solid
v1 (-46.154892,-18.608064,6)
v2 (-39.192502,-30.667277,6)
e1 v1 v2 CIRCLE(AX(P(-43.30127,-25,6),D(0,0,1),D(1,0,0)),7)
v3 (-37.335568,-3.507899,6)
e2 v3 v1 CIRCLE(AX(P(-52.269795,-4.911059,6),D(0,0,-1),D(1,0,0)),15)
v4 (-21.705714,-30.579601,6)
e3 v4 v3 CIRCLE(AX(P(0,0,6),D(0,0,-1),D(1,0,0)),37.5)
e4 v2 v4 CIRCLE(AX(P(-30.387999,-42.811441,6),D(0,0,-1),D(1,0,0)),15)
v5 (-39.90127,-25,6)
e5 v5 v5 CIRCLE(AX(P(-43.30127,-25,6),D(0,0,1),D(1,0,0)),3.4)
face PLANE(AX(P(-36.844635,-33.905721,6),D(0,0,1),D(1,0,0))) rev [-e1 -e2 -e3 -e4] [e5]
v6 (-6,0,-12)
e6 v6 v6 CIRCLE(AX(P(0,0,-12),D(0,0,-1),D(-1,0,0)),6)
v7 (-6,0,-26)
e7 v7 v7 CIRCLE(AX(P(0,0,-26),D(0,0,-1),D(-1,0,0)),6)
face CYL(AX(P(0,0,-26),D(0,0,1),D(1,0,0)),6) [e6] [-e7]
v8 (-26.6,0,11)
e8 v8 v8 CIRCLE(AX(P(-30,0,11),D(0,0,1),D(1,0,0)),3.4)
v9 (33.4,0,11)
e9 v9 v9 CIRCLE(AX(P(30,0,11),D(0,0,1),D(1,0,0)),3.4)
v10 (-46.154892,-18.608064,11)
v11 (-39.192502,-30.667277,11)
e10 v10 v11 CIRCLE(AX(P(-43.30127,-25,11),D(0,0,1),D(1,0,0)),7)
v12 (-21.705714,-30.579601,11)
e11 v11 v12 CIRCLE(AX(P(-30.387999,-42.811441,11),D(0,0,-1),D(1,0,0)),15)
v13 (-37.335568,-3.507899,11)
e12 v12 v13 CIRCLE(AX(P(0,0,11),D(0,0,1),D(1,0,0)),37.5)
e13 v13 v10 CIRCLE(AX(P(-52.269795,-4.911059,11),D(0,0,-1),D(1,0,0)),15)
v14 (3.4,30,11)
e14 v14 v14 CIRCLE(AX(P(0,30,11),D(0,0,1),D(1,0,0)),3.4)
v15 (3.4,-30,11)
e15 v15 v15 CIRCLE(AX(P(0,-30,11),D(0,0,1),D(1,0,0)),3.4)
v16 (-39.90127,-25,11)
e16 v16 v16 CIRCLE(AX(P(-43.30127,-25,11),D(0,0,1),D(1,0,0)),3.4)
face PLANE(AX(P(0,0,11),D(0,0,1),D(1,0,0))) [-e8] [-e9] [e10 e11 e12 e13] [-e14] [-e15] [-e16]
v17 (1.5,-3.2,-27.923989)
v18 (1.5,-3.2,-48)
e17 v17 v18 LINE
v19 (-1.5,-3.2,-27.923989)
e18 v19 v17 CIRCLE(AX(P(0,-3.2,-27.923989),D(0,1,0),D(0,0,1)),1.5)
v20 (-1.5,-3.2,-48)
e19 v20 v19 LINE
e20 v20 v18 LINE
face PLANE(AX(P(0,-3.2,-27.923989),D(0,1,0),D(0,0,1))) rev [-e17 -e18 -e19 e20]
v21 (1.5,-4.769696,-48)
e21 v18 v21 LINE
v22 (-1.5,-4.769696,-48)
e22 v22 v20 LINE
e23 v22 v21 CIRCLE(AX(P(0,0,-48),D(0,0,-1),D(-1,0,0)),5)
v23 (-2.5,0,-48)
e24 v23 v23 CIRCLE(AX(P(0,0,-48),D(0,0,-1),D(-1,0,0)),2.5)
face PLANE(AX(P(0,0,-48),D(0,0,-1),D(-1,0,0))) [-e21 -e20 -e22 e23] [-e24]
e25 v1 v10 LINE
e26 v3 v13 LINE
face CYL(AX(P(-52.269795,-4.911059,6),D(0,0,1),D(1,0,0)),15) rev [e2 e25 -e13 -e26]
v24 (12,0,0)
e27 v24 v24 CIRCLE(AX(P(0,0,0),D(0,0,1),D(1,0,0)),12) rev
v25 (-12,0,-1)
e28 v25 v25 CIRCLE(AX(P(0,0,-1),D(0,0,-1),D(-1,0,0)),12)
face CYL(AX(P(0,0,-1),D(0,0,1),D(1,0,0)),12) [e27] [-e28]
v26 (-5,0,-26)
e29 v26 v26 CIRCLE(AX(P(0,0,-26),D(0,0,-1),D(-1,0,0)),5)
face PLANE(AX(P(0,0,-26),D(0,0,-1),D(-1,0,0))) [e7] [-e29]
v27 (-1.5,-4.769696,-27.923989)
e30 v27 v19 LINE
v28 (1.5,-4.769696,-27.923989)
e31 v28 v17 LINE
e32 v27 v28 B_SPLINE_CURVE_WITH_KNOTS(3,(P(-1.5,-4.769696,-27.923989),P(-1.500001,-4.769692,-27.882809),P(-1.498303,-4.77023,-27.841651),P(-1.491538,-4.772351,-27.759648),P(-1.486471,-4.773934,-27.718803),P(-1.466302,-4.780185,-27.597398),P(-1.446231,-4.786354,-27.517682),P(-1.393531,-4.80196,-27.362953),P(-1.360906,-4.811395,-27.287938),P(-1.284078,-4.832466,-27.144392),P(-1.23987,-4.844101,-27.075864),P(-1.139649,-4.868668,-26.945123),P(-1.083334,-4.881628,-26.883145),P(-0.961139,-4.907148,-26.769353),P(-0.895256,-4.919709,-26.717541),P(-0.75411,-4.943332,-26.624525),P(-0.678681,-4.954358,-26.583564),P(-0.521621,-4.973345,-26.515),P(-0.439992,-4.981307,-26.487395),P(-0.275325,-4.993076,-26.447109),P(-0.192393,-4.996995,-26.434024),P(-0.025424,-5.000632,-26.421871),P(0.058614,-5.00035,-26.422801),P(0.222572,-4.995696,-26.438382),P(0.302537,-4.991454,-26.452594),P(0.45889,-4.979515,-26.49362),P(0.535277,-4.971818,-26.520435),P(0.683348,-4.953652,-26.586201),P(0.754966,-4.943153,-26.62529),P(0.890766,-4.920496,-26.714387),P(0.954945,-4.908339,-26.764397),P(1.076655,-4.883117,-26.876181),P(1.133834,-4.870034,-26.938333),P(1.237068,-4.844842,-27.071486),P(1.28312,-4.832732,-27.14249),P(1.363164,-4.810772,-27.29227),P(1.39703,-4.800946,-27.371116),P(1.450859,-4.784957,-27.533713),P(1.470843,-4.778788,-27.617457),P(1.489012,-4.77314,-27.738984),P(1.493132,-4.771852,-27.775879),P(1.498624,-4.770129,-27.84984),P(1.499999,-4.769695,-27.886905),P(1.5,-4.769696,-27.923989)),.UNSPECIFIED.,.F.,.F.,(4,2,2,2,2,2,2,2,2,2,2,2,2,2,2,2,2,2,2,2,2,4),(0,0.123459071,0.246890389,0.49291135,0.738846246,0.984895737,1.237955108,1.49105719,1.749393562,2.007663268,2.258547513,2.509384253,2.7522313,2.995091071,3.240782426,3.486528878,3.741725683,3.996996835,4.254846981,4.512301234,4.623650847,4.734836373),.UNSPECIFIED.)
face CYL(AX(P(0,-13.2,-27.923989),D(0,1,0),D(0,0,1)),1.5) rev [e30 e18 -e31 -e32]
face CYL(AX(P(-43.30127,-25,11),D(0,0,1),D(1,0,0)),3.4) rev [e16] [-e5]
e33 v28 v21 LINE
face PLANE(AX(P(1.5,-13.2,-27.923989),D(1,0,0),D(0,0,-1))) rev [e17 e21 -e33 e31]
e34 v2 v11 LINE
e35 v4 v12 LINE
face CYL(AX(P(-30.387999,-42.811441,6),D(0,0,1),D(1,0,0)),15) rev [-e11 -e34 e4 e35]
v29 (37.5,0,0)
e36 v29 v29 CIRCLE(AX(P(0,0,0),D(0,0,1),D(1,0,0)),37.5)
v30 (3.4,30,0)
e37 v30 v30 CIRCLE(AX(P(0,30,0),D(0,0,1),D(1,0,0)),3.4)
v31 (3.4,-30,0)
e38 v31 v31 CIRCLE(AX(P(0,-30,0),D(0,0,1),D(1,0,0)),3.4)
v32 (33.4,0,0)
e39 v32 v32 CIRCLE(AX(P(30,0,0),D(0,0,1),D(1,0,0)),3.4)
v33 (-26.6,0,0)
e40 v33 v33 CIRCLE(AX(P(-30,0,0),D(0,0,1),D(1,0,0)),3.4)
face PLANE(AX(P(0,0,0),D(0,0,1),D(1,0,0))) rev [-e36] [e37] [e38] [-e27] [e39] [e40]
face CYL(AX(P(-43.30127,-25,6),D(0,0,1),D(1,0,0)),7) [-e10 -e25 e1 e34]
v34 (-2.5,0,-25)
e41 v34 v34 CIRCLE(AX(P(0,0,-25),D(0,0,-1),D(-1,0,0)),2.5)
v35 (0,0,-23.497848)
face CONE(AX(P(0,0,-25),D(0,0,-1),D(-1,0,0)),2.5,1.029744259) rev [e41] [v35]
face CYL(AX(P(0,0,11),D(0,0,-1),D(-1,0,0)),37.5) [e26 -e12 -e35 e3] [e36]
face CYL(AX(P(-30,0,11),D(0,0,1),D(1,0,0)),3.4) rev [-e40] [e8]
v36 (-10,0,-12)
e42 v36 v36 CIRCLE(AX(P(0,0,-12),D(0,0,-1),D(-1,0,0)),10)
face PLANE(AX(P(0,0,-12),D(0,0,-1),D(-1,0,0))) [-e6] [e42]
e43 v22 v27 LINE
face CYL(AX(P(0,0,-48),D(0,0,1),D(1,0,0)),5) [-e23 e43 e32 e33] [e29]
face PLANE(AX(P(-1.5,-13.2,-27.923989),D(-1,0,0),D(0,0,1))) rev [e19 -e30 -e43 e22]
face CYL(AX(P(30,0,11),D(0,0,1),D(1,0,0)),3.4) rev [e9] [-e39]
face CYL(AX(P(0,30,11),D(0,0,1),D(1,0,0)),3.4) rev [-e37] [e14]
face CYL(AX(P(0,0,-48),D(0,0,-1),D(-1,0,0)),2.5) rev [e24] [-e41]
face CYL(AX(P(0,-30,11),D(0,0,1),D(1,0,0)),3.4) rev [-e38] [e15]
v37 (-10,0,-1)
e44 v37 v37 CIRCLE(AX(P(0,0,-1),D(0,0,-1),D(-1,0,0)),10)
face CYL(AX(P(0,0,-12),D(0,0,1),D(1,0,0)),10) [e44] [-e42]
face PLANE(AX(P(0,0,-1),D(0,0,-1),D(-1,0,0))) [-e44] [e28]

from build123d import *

# Parameters (mm, degrees)
SKETCH1_R                                     = 37.5
BOSS_EXTRUDE1_DEPTH                           = 11
TAP_DRILL_FOR_M8_TAP1_D                       = 6.8
TAP_DRILL_FOR_M8_TAP1_DEPTH                   = 23
TAP_DRILL_FOR_M8_TAP1_TIP                     = 2.042926105
SKETCH6_R                                     = 12
BOSS_EXTRU_1_DEPTH                            = 1
SKETCH5_R                                     = 10
BOSS_EXTRU_2_DEPTH                            = 11
ESQUISSE1_R                                   = 6
BOSS_EXTRU_3_DEPTH                            = 14
ESQUISSE4_R                                   = 5
BOSS_EXTRU_4_DEPTH                            = 22
TROU_POUR_TARAUDAGE_POUR_TROU_TARAUD_M6_D     = 5
TROU_POUR_TARAUDAGE_POUR_TROU_TARAUD_M6_DEPTH = 23
TROU_POUR_TARAUDAGE_POUR_TROU_TARAUD_M6_TIP   = 1.502151548
ENL_V_START                                   = -3.2
ENL_V_MAT_EXTRU_1_DEPTH                       = 10
BOSS_EXTRU_5_DEPTH                            = 5
TROU_POUR_TARAUDAGE_POUR_TROU_TARAUD_M8_D     = 6.8
TROU_POUR_TARAUDAGE_POUR_TROU_TARAUD_M8_DEPTH = 8
TROU_POUR_TARAUDAGE_POUR_TROU_TARAUD_M8_TIP   = 2.042926105


with BuildPart() as part:
    # Sketch1 → Boss-Extrude1 (new body)
    with BuildSketch(Plane.XY):
        Circle(SKETCH1_R)
    extrude(amount=BOSS_EXTRUDE1_DEPTH)

    # Tap Drill for M8 Tap1
    with Locations(Plane.XY.offset(11)):
        with Locations((-30, 0), (0, 30), (30, 0), (0, -30)):
            Hole(TAP_DRILL_FOR_M8_TAP1_D / 2, depth=TAP_DRILL_FOR_M8_TAP1_DEPTH)
            with Locations((0, 0, -(TAP_DRILL_FOR_M8_TAP1_DEPTH + TAP_DRILL_FOR_M8_TAP1_TIP / 2))):  # 118° drill point
                Cone(0, TAP_DRILL_FOR_M8_TAP1_D / 2, TAP_DRILL_FOR_M8_TAP1_TIP, mode=Mode.SUBTRACT)

    # Sketch6 → Boss.-Extru.1 (add)
    with BuildSketch(Plane(origin=(0, 0, 0), x_dir=(-1, 0, 0), z_dir=(0, 0, -1))):
        Circle(SKETCH6_R)
    extrude(amount=BOSS_EXTRU_1_DEPTH)

    # Sketch5 → Boss.-Extru.2 (add)
    with BuildSketch(Plane(origin=(0, 0, -1), x_dir=(-1, 0, 0), z_dir=(0, 0, -1))):
        Circle(SKETCH5_R)
    extrude(amount=BOSS_EXTRU_2_DEPTH)

    # Esquisse1 → Boss.-Extru.3 (add)
    with BuildSketch(Plane(origin=(0, 0, -12), x_dir=(-1, 0, 0), z_dir=(0, 0, -1))):
        Circle(ESQUISSE1_R)
    extrude(amount=BOSS_EXTRU_3_DEPTH)

    # Esquisse4 → Boss.-Extru.4 (add)
    with BuildSketch(Plane(origin=(0, 0, -26), x_dir=(-1, 0, 0), z_dir=(0, 0, -1))):
        Circle(ESQUISSE4_R)
    extrude(amount=BOSS_EXTRU_4_DEPTH)

    # Trou pour taraudage pour trou taraudé M61
    with Locations(Plane(origin=(0, 0, -48), x_dir=(-1, 0, 0), z_dir=(0, 0, -1))):
        with Locations((0, 0)):
            Hole(TROU_POUR_TARAUDAGE_POUR_TROU_TARAUD_M6_D / 2, depth=TROU_POUR_TARAUDAGE_POUR_TROU_TARAUD_M6_DEPTH)
            with Locations((0, 0, -(TROU_POUR_TARAUDAGE_POUR_TROU_TARAUD_M6_DEPTH + TROU_POUR_TARAUDAGE_POUR_TROU_TARAUD_M6_TIP / 2))):  # 118° drill point
                Cone(0, TROU_POUR_TARAUDAGE_POUR_TROU_TARAUD_M6_D / 2, TROU_POUR_TARAUDAGE_POUR_TROU_TARAUD_M6_TIP, mode=Mode.SUBTRACT)

    # Esquisse5 → Enlèv. mat.-Extru.1 (cut)
    with BuildSketch(Plane(origin=(0, 0, 0), x_dir=(1, 0, 0), z_dir=(0, 1, 0)).offset(ENL_V_START)):
        with BuildLine():
            Line((-1.5, 27.923988696), (-1.5, 48))
            ThreePointArc((-1.5, 48), (0, 49.5), (1.5, 48))
            Line((1.5, 48), (1.5, 27.923988696))
            ThreePointArc((1.5, 27.923988696), (0, 26.423988696), (-1.5, 27.923988696))
        make_face()
    extrude(amount=-ENL_V_MAT_EXTRU_1_DEPTH, mode=Mode.SUBTRACT)

    # Esquisse6 → Boss.-Extru.5 (add)
    with BuildSketch(Plane.XY.offset(11)):
        with BuildLine():
            ThreePointArc((-46.154891817, -18.608064174), (-49.363448016, -28.5), (-39.192502198, -30.667276735))
            ThreePointArc((-39.192502198, -30.667276735), (-30.463205965, -27.811629704), (-21.705713829, -30.579600834))
            ThreePointArc((-21.705713829, -30.579600834), (-32.475952642, -18.75), (-37.335568074, -3.507899166))
            ThreePointArc((-37.335568074, -3.507899166), (-39.317180827, -12.476095394), (-46.154891817, -18.608064174))
        make_face()
    extrude(amount=-BOSS_EXTRU_5_DEPTH)

    # Trou pour taraudage pour trou taraudé M81
    with Locations(Plane.XY.offset(11)):
        with Locations((-43.301270189, -25)):
            Hole(TROU_POUR_TARAUDAGE_POUR_TROU_TARAUD_M8_D / 2, depth=TROU_POUR_TARAUDAGE_POUR_TROU_TARAUD_M8_DEPTH)
            with Locations((0, 0, -(TROU_POUR_TARAUDAGE_POUR_TROU_TARAUD_M8_DEPTH + TROU_POUR_TARAUDAGE_POUR_TROU_TARAUD_M8_TIP / 2))):  # 118° drill point
                Cone(0, TROU_POUR_TARAUDAGE_POUR_TROU_TARAUD_M8_D / 2, TROU_POUR_TARAUDAGE_POUR_TROU_TARAUD_M8_TIP, mode=Mode.SUBTRACT)


solid = part.part
